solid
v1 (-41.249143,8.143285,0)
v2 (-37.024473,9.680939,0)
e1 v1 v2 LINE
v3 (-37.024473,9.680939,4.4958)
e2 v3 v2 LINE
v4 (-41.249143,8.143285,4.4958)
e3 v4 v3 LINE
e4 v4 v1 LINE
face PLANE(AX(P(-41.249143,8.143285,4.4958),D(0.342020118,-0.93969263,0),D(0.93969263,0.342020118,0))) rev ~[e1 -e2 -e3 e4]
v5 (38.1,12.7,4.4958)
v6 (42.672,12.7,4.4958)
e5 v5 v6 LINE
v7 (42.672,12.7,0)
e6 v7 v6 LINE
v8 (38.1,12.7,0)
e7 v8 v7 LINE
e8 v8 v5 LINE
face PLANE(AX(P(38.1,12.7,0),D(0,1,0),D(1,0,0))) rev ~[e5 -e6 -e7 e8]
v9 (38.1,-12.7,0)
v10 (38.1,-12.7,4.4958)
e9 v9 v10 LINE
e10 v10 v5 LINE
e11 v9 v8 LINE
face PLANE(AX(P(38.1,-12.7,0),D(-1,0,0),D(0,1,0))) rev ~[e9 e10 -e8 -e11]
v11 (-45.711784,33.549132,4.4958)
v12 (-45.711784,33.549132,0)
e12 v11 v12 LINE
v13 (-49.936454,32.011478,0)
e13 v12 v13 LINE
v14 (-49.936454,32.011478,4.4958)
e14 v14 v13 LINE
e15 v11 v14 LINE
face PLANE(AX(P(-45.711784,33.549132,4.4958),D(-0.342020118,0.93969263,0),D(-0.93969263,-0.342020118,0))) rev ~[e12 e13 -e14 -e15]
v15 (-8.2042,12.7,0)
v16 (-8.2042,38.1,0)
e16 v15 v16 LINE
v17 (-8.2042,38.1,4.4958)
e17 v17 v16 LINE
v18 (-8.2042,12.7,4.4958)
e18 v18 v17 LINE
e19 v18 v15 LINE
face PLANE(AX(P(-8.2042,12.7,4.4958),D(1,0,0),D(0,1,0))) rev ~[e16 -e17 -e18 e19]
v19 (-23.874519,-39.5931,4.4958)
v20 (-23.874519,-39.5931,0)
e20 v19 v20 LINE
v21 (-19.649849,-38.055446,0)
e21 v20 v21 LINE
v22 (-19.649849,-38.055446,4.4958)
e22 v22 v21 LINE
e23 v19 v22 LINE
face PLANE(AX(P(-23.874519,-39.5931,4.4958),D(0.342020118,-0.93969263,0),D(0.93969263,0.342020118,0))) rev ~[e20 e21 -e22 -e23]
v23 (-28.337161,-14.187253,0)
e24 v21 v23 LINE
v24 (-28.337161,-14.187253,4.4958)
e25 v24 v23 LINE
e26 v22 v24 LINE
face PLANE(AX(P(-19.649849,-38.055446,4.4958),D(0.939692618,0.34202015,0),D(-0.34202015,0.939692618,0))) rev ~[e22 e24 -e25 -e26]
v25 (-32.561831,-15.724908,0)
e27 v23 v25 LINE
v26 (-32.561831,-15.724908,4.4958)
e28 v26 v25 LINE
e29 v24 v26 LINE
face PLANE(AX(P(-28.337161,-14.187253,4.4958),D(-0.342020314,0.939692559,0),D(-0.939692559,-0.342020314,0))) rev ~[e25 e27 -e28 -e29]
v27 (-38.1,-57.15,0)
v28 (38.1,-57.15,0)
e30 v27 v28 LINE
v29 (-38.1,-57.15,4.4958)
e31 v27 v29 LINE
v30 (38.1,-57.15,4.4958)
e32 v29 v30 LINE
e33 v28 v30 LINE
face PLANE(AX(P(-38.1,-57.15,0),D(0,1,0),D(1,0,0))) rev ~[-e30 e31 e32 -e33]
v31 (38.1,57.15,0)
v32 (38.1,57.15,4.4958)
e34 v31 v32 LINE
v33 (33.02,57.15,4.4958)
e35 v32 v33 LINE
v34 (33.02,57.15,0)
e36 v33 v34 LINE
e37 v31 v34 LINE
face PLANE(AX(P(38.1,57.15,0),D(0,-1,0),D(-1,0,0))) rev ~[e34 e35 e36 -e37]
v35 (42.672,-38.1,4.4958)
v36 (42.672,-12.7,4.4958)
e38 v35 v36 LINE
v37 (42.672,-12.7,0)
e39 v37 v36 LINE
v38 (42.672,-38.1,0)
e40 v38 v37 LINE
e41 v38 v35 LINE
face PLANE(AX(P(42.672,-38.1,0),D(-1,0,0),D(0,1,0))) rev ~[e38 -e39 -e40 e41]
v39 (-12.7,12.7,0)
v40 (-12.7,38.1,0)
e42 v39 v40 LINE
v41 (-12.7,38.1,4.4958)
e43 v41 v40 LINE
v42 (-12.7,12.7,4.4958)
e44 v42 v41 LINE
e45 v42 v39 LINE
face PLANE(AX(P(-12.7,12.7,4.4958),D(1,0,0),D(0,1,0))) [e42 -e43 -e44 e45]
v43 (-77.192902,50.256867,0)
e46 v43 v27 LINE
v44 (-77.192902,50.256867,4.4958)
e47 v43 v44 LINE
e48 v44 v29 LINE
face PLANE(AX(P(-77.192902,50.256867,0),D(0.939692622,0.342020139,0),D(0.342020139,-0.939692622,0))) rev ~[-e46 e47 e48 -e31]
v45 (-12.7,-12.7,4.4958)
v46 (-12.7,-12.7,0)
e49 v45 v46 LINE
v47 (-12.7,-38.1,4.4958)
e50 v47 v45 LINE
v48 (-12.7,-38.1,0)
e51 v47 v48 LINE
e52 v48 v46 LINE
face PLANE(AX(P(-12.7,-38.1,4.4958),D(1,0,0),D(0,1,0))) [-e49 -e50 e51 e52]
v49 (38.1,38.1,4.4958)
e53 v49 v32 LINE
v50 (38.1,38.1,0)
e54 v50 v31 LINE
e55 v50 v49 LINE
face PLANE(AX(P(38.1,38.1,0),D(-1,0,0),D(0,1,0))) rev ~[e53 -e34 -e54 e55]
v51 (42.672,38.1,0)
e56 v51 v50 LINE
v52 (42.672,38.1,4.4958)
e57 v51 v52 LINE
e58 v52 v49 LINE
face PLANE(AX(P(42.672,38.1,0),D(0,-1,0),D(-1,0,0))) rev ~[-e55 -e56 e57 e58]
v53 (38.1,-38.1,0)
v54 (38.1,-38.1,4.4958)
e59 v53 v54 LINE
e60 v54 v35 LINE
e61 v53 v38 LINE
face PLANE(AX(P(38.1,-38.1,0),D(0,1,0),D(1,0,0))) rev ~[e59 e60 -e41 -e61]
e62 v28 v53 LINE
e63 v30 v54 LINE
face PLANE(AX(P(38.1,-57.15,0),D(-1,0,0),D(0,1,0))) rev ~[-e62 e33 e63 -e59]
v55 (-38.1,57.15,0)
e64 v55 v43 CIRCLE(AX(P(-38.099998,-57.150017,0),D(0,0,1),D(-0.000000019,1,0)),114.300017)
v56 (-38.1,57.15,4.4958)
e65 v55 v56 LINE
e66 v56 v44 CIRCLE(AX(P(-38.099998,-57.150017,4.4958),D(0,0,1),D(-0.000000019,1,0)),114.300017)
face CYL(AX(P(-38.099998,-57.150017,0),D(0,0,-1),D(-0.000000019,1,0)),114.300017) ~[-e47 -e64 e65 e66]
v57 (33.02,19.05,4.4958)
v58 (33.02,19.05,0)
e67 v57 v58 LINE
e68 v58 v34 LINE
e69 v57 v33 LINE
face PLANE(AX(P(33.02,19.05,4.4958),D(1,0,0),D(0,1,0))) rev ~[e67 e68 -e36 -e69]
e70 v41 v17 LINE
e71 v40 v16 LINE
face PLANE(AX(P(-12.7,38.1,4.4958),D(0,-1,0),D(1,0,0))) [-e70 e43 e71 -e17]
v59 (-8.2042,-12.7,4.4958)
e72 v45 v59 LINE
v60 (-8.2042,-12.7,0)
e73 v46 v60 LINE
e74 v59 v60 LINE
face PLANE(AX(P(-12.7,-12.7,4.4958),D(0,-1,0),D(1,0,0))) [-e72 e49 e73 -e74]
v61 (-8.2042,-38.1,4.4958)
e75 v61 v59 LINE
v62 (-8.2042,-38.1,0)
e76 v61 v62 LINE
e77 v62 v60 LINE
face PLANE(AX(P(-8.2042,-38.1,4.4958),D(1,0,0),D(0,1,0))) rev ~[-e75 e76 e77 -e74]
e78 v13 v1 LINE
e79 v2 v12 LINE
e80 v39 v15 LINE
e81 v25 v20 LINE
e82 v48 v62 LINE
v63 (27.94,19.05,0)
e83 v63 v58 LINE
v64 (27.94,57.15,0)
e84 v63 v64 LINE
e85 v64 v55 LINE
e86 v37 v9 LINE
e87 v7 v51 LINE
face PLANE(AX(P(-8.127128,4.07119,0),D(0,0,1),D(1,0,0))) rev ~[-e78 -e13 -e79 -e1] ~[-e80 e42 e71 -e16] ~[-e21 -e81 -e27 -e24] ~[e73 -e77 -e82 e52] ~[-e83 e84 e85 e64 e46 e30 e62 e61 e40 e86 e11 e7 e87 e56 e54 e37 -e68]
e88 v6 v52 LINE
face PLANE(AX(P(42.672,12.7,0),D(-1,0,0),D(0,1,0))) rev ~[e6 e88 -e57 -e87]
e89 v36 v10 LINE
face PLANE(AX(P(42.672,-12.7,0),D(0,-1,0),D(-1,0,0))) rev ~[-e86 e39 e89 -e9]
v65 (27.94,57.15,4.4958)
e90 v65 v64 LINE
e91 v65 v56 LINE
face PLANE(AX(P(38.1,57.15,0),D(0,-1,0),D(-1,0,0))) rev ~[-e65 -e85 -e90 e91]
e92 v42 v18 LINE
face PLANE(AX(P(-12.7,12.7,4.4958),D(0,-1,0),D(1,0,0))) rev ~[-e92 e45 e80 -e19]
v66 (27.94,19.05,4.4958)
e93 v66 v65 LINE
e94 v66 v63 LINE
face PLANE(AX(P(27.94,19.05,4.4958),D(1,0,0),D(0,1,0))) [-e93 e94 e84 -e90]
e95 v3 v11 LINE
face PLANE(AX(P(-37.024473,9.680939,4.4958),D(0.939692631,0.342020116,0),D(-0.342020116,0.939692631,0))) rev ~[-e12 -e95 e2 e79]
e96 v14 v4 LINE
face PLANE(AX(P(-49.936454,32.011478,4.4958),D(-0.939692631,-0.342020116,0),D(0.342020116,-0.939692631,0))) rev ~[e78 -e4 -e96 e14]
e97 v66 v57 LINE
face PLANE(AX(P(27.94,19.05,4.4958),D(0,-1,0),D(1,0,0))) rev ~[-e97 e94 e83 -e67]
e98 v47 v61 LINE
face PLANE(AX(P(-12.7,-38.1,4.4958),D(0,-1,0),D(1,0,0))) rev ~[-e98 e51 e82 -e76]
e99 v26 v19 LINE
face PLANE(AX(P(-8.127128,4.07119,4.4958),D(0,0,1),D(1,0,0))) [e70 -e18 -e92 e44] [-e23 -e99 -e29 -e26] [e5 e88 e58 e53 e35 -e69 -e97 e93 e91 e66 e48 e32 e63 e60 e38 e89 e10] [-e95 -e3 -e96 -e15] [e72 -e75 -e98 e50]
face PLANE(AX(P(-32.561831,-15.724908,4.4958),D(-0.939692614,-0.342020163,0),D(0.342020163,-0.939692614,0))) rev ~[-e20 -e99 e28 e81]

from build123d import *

# Parameters (mm, degrees)
F1_DEPTH = 4.4958
F2_W     = 4.4958
F2_H     = 25.4
F2_W_2   = 5.08
F2_H_2   = 38.1
F3_DEPTH = 4.4968


with BuildPart() as f1:
    # F0 (on Top) → F1 (new body)
    with BuildSketch(Plane.XY):
        with BuildLine():
            Line((38.1, 57.15), (-38.1, 57.15))
            ThreePointArc((-38.1, 57.15), (-57.947987, 55.413526), (-77.192902, 50.256867))
            Line((-77.192902, 50.256867), (-38.1, -57.15))
            Line((-38.1, -57.15), (38.1, -57.15))
            Line((38.1, -57.15), (38.1, -38.1))
            Line((38.1, -38.1), (42.672, -38.1))
            Line((42.672, -38.1), (42.672, -12.7))
            Line((42.672, -12.7), (38.1, -12.7))
            Line((38.1, -12.7), (38.1, 0))
            Line((38.1, 0), (38.1, 12.7))
            Line((38.1, 12.7), (42.672, 12.7))
            Line((42.672, 12.7), (42.672, 38.1))
            Line((42.672, 38.1), (38.1, 38.1))
            Line((38.1, 38.1), (38.1, 57.15))
        make_face()
    extrude(amount=F1_DEPTH)

    # F2 (on face) → F3 (cut, through all)
    with BuildSketch(Plane.XY.offset(4.4958)):
        with Locations((-10.4521, 25.4)):
            Rectangle(F2_W, F2_H)
        with Locations((-10.4521, -25.4)):
            Rectangle(F2_W, F2_H)
        Polygon((-37.024473, 9.680939), (-45.711784, 33.549132), (-49.936454, 32.011478), (-41.249143, 8.143285), align=None)
        Polygon((-23.874519, -39.5931), (-19.649849, -38.055446), (-28.337161, -14.187253), (-32.561831, -15.724908), align=None)
        with Locations((30.48, 38.1)):
            Rectangle(F2_W_2, F2_H_2)
    extrude(amount=-F3_DEPTH, mode=Mode.SUBTRACT)


solid = f1.part
